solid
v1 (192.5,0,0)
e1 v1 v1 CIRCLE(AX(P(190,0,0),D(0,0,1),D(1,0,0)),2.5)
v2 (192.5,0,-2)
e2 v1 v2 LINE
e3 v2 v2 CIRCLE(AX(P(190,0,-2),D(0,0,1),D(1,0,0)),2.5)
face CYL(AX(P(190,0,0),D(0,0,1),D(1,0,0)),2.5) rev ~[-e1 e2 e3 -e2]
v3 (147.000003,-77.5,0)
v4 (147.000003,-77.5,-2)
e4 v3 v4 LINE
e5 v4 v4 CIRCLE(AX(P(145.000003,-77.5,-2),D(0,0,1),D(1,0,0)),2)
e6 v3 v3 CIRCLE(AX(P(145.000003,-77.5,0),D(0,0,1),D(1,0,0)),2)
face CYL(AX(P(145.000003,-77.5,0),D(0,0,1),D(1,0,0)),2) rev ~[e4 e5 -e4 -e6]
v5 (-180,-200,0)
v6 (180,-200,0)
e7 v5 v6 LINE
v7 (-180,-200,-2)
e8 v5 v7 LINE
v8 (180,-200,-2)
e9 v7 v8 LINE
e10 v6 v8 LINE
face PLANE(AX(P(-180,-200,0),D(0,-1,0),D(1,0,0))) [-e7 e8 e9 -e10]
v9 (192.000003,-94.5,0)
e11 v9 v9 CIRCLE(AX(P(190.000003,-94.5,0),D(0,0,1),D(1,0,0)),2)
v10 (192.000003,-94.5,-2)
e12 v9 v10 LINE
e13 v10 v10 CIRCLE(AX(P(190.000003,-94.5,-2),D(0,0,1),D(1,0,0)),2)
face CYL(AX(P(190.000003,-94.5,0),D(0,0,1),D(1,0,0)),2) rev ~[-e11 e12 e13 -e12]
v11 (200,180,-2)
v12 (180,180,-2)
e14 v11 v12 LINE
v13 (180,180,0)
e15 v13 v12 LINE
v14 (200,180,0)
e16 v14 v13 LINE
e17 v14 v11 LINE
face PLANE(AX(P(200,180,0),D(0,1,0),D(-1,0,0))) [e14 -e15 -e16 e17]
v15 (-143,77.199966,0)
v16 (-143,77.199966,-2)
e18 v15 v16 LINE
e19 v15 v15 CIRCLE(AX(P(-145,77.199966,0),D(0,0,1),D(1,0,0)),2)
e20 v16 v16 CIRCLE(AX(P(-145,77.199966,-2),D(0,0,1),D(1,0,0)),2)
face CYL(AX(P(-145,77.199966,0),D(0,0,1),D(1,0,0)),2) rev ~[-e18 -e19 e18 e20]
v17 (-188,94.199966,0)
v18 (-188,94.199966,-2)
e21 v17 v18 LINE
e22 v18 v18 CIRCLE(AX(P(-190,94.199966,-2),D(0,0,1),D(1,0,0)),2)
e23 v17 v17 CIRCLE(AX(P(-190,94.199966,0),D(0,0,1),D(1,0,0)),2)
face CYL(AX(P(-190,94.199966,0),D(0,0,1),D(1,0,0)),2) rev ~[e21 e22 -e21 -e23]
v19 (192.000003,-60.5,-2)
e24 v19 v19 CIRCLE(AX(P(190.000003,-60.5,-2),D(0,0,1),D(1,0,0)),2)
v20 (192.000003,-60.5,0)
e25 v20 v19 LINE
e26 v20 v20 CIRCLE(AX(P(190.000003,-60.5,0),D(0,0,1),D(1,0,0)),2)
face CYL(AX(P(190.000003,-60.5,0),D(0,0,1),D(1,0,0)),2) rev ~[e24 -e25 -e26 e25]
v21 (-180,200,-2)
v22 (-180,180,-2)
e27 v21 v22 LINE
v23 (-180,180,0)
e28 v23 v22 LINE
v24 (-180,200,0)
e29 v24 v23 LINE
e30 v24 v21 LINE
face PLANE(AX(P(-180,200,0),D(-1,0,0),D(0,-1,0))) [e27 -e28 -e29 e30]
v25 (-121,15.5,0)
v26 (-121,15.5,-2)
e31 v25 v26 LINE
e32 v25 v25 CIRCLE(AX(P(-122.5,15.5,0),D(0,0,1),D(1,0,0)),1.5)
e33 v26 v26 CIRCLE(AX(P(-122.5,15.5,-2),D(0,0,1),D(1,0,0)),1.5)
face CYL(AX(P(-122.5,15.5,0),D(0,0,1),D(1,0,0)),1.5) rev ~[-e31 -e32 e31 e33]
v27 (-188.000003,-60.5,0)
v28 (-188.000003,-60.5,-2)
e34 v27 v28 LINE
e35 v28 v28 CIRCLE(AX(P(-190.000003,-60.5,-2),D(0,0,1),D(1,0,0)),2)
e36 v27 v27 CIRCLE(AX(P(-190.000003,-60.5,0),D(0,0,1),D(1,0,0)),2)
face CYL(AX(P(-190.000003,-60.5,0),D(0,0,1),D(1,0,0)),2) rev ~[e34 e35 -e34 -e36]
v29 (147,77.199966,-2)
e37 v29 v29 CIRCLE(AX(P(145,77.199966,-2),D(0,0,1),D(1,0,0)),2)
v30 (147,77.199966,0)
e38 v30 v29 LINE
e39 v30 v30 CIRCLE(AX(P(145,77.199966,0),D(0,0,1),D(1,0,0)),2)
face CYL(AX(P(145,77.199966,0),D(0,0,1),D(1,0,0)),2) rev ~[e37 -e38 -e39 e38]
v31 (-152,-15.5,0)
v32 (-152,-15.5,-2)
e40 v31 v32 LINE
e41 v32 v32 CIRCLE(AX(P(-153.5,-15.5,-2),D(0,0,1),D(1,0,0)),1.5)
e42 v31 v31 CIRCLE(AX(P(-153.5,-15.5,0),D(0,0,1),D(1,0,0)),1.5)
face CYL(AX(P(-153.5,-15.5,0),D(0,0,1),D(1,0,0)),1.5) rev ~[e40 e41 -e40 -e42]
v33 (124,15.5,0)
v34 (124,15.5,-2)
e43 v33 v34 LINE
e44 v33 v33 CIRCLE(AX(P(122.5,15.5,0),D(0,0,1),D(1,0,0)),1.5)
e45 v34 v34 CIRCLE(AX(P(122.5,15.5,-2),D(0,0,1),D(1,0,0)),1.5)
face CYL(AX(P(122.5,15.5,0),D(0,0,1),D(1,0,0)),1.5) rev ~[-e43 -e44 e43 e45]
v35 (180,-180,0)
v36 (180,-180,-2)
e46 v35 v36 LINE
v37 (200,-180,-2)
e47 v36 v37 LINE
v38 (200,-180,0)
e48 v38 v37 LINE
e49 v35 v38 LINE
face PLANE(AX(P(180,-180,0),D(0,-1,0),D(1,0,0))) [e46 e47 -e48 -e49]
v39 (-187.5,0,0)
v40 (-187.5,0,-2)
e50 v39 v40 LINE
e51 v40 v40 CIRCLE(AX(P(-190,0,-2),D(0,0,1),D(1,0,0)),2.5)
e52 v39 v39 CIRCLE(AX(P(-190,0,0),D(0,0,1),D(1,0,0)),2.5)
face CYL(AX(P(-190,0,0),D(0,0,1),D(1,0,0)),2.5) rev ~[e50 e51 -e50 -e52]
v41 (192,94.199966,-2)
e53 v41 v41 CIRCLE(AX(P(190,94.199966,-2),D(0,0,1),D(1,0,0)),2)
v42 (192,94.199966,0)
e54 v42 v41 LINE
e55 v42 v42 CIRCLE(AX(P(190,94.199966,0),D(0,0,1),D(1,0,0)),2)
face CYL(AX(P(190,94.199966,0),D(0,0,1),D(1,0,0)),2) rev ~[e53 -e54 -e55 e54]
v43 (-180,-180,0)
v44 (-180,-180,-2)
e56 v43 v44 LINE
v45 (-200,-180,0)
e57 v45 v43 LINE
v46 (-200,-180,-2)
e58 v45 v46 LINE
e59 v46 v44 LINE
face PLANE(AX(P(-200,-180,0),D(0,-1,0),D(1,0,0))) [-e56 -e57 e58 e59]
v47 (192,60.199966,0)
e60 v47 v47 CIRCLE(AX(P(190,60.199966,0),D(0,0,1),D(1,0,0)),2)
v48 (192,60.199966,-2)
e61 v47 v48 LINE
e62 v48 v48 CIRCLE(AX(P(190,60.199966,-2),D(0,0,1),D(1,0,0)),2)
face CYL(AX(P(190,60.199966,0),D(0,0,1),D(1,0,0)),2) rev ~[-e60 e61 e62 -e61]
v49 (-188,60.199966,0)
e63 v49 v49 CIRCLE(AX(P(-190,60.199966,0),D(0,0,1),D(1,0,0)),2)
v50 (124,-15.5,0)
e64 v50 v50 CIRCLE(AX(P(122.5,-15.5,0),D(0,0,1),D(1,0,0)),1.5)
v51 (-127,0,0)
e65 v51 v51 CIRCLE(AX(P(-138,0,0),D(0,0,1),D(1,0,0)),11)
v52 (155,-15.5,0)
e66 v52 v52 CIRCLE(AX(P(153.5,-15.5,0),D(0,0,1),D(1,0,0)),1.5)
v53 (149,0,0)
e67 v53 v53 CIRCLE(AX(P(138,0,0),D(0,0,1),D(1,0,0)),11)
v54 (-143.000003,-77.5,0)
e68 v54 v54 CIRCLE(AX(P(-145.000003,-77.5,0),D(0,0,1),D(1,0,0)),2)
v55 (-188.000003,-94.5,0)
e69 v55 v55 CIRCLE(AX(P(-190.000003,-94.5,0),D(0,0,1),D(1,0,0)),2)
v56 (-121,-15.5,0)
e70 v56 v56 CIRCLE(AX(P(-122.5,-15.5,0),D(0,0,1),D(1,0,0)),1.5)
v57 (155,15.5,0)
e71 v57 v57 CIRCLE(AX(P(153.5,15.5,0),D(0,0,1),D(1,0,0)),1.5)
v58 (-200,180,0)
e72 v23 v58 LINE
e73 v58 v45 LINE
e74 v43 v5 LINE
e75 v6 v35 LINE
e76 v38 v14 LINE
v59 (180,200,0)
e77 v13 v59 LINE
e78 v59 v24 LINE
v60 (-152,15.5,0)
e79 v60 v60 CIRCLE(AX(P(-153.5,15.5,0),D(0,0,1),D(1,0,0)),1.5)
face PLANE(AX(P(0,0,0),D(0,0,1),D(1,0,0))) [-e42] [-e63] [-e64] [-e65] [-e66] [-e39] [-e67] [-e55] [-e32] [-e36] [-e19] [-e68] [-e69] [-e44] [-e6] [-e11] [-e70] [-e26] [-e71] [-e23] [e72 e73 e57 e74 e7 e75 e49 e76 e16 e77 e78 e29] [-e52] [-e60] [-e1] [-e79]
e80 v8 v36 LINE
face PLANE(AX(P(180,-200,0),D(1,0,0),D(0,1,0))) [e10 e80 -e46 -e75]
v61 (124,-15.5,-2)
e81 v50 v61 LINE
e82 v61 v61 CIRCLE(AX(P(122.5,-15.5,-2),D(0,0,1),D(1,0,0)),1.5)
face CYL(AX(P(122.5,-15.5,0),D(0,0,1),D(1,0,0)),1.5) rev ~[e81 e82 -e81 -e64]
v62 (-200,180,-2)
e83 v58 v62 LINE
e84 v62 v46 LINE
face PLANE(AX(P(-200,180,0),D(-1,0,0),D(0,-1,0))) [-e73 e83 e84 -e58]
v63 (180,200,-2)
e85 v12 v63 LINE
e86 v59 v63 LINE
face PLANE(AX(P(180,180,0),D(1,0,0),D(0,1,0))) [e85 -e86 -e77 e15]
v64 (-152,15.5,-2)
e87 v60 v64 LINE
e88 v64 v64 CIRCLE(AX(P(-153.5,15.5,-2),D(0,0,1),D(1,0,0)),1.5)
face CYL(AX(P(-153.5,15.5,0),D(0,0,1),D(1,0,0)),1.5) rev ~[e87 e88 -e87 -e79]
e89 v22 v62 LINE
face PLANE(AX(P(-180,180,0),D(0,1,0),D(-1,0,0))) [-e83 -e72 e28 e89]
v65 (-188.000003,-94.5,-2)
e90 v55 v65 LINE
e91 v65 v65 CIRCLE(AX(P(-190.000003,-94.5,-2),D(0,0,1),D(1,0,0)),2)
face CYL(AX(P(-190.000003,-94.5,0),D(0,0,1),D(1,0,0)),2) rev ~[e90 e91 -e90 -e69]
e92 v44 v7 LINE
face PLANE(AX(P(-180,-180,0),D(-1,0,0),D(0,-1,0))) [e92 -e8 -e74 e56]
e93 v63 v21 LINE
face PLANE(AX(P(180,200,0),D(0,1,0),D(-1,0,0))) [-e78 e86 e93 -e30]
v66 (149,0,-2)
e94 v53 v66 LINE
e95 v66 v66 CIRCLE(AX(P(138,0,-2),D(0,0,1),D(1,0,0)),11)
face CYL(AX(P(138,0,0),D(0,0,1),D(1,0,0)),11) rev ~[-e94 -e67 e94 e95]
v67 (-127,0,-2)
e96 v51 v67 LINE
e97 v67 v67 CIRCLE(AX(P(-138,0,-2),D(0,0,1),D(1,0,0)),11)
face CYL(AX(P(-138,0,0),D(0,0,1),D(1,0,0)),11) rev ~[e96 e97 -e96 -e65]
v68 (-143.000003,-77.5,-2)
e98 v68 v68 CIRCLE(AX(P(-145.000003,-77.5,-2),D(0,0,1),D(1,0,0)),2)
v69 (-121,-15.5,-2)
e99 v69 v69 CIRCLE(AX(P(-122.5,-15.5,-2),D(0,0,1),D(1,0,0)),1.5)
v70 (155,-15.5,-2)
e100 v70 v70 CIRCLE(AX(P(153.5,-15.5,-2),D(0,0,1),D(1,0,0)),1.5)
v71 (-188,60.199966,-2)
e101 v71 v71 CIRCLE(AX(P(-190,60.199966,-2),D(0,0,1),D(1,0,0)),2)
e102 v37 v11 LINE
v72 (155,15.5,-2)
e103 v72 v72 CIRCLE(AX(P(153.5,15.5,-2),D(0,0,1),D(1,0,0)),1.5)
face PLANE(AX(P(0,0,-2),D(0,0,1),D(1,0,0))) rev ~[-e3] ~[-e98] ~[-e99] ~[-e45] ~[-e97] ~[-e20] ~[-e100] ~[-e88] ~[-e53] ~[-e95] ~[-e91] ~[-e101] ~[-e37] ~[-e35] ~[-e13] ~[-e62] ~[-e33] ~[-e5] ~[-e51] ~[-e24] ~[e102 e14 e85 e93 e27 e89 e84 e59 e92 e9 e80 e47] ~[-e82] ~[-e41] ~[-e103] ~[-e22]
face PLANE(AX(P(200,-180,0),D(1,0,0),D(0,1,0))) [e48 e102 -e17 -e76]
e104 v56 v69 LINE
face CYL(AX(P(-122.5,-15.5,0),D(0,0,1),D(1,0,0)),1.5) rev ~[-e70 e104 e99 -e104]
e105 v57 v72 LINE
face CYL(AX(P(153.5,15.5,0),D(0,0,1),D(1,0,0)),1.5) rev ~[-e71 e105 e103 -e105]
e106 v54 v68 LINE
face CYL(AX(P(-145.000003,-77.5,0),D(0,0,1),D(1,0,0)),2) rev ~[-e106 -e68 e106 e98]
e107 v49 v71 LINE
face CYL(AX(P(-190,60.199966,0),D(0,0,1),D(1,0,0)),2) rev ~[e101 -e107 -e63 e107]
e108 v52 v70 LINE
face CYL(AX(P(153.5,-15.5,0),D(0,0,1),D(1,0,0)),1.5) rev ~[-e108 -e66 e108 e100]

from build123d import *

# Parameters (mm, degrees)
F0_R     = 2
F0_R_2   = 1.5
F0_R_3   = 2.5
F0_R_4   = 11
F1_DEPTH = 2


with BuildPart() as f1:
    # F0 (on Top) → F1 (new body)
    with BuildSketch(Plane.XY):
        Polygon((200, -180), (200, 180), (180, 180), (180, 200), (-180, 200), (-180, 180), (-200, 180), (-200, -180), (-180, -180), (-180, -200), (180, -200), (180, -180), align=None)
        with Locations((-190.000003, -94.5)):
            Circle(F0_R, mode=Mode.SUBTRACT)
        with Locations((-190.000003, -60.5)):
            Circle(F0_R, mode=Mode.SUBTRACT)
        with Locations((-145.000003, -77.5)):
            Circle(F0_R, mode=Mode.SUBTRACT)
        with Locations((-153.5, -15.5)):
            Circle(F0_R_2, mode=Mode.SUBTRACT)
        with Locations((-122.5, -15.5)):
            Circle(F0_R_2, mode=Mode.SUBTRACT)
        with Locations((145.000003, -77.5)):
            Circle(F0_R, mode=Mode.SUBTRACT)
        with Locations((190.000003, -94.5)):
            Circle(F0_R, mode=Mode.SUBTRACT)
        with Locations((190.000003, -60.5)):
            Circle(F0_R, mode=Mode.SUBTRACT)
        with Locations((122.5, -15.5)):
            Circle(F0_R_2, mode=Mode.SUBTRACT)
        with Locations((153.5, -15.5)):
            Circle(F0_R_2, mode=Mode.SUBTRACT)
        with Locations((-190, 0)):
            Circle(F0_R_3, mode=Mode.SUBTRACT)
        with Locations((-153.5, 15.5)):
            Circle(F0_R_2, mode=Mode.SUBTRACT)
        with Locations((-138, 0)):
            Circle(F0_R_4, mode=Mode.SUBTRACT)
        with Locations((-122.5, 15.5)):
            Circle(F0_R_2, mode=Mode.SUBTRACT)
        with Locations((-190, 60.199966)):
            Circle(F0_R, mode=Mode.SUBTRACT)
        with Locations((-190, 94.199966)):
            Circle(F0_R, mode=Mode.SUBTRACT)
        with Locations((-145, 77.199966)):
            Circle(F0_R, mode=Mode.SUBTRACT)
        with Locations((122.5, 15.5)):
            Circle(F0_R_2, mode=Mode.SUBTRACT)
        with Locations((138, 0)):
            Circle(F0_R_4, mode=Mode.SUBTRACT)
        with Locations((153.5, 15.5)):
            Circle(F0_R_2, mode=Mode.SUBTRACT)
        with Locations((190, 0)):
            Circle(F0_R_3, mode=Mode.SUBTRACT)
        with Locations((145, 77.199966)):
            Circle(F0_R, mode=Mode.SUBTRACT)
        with Locations((190, 60.199966)):
            Circle(F0_R, mode=Mode.SUBTRACT)
        with Locations((190, 94.199966)):
            Circle(F0_R, mode=Mode.SUBTRACT)
    extrude(amount=-F1_DEPTH)


solid = f1.part
